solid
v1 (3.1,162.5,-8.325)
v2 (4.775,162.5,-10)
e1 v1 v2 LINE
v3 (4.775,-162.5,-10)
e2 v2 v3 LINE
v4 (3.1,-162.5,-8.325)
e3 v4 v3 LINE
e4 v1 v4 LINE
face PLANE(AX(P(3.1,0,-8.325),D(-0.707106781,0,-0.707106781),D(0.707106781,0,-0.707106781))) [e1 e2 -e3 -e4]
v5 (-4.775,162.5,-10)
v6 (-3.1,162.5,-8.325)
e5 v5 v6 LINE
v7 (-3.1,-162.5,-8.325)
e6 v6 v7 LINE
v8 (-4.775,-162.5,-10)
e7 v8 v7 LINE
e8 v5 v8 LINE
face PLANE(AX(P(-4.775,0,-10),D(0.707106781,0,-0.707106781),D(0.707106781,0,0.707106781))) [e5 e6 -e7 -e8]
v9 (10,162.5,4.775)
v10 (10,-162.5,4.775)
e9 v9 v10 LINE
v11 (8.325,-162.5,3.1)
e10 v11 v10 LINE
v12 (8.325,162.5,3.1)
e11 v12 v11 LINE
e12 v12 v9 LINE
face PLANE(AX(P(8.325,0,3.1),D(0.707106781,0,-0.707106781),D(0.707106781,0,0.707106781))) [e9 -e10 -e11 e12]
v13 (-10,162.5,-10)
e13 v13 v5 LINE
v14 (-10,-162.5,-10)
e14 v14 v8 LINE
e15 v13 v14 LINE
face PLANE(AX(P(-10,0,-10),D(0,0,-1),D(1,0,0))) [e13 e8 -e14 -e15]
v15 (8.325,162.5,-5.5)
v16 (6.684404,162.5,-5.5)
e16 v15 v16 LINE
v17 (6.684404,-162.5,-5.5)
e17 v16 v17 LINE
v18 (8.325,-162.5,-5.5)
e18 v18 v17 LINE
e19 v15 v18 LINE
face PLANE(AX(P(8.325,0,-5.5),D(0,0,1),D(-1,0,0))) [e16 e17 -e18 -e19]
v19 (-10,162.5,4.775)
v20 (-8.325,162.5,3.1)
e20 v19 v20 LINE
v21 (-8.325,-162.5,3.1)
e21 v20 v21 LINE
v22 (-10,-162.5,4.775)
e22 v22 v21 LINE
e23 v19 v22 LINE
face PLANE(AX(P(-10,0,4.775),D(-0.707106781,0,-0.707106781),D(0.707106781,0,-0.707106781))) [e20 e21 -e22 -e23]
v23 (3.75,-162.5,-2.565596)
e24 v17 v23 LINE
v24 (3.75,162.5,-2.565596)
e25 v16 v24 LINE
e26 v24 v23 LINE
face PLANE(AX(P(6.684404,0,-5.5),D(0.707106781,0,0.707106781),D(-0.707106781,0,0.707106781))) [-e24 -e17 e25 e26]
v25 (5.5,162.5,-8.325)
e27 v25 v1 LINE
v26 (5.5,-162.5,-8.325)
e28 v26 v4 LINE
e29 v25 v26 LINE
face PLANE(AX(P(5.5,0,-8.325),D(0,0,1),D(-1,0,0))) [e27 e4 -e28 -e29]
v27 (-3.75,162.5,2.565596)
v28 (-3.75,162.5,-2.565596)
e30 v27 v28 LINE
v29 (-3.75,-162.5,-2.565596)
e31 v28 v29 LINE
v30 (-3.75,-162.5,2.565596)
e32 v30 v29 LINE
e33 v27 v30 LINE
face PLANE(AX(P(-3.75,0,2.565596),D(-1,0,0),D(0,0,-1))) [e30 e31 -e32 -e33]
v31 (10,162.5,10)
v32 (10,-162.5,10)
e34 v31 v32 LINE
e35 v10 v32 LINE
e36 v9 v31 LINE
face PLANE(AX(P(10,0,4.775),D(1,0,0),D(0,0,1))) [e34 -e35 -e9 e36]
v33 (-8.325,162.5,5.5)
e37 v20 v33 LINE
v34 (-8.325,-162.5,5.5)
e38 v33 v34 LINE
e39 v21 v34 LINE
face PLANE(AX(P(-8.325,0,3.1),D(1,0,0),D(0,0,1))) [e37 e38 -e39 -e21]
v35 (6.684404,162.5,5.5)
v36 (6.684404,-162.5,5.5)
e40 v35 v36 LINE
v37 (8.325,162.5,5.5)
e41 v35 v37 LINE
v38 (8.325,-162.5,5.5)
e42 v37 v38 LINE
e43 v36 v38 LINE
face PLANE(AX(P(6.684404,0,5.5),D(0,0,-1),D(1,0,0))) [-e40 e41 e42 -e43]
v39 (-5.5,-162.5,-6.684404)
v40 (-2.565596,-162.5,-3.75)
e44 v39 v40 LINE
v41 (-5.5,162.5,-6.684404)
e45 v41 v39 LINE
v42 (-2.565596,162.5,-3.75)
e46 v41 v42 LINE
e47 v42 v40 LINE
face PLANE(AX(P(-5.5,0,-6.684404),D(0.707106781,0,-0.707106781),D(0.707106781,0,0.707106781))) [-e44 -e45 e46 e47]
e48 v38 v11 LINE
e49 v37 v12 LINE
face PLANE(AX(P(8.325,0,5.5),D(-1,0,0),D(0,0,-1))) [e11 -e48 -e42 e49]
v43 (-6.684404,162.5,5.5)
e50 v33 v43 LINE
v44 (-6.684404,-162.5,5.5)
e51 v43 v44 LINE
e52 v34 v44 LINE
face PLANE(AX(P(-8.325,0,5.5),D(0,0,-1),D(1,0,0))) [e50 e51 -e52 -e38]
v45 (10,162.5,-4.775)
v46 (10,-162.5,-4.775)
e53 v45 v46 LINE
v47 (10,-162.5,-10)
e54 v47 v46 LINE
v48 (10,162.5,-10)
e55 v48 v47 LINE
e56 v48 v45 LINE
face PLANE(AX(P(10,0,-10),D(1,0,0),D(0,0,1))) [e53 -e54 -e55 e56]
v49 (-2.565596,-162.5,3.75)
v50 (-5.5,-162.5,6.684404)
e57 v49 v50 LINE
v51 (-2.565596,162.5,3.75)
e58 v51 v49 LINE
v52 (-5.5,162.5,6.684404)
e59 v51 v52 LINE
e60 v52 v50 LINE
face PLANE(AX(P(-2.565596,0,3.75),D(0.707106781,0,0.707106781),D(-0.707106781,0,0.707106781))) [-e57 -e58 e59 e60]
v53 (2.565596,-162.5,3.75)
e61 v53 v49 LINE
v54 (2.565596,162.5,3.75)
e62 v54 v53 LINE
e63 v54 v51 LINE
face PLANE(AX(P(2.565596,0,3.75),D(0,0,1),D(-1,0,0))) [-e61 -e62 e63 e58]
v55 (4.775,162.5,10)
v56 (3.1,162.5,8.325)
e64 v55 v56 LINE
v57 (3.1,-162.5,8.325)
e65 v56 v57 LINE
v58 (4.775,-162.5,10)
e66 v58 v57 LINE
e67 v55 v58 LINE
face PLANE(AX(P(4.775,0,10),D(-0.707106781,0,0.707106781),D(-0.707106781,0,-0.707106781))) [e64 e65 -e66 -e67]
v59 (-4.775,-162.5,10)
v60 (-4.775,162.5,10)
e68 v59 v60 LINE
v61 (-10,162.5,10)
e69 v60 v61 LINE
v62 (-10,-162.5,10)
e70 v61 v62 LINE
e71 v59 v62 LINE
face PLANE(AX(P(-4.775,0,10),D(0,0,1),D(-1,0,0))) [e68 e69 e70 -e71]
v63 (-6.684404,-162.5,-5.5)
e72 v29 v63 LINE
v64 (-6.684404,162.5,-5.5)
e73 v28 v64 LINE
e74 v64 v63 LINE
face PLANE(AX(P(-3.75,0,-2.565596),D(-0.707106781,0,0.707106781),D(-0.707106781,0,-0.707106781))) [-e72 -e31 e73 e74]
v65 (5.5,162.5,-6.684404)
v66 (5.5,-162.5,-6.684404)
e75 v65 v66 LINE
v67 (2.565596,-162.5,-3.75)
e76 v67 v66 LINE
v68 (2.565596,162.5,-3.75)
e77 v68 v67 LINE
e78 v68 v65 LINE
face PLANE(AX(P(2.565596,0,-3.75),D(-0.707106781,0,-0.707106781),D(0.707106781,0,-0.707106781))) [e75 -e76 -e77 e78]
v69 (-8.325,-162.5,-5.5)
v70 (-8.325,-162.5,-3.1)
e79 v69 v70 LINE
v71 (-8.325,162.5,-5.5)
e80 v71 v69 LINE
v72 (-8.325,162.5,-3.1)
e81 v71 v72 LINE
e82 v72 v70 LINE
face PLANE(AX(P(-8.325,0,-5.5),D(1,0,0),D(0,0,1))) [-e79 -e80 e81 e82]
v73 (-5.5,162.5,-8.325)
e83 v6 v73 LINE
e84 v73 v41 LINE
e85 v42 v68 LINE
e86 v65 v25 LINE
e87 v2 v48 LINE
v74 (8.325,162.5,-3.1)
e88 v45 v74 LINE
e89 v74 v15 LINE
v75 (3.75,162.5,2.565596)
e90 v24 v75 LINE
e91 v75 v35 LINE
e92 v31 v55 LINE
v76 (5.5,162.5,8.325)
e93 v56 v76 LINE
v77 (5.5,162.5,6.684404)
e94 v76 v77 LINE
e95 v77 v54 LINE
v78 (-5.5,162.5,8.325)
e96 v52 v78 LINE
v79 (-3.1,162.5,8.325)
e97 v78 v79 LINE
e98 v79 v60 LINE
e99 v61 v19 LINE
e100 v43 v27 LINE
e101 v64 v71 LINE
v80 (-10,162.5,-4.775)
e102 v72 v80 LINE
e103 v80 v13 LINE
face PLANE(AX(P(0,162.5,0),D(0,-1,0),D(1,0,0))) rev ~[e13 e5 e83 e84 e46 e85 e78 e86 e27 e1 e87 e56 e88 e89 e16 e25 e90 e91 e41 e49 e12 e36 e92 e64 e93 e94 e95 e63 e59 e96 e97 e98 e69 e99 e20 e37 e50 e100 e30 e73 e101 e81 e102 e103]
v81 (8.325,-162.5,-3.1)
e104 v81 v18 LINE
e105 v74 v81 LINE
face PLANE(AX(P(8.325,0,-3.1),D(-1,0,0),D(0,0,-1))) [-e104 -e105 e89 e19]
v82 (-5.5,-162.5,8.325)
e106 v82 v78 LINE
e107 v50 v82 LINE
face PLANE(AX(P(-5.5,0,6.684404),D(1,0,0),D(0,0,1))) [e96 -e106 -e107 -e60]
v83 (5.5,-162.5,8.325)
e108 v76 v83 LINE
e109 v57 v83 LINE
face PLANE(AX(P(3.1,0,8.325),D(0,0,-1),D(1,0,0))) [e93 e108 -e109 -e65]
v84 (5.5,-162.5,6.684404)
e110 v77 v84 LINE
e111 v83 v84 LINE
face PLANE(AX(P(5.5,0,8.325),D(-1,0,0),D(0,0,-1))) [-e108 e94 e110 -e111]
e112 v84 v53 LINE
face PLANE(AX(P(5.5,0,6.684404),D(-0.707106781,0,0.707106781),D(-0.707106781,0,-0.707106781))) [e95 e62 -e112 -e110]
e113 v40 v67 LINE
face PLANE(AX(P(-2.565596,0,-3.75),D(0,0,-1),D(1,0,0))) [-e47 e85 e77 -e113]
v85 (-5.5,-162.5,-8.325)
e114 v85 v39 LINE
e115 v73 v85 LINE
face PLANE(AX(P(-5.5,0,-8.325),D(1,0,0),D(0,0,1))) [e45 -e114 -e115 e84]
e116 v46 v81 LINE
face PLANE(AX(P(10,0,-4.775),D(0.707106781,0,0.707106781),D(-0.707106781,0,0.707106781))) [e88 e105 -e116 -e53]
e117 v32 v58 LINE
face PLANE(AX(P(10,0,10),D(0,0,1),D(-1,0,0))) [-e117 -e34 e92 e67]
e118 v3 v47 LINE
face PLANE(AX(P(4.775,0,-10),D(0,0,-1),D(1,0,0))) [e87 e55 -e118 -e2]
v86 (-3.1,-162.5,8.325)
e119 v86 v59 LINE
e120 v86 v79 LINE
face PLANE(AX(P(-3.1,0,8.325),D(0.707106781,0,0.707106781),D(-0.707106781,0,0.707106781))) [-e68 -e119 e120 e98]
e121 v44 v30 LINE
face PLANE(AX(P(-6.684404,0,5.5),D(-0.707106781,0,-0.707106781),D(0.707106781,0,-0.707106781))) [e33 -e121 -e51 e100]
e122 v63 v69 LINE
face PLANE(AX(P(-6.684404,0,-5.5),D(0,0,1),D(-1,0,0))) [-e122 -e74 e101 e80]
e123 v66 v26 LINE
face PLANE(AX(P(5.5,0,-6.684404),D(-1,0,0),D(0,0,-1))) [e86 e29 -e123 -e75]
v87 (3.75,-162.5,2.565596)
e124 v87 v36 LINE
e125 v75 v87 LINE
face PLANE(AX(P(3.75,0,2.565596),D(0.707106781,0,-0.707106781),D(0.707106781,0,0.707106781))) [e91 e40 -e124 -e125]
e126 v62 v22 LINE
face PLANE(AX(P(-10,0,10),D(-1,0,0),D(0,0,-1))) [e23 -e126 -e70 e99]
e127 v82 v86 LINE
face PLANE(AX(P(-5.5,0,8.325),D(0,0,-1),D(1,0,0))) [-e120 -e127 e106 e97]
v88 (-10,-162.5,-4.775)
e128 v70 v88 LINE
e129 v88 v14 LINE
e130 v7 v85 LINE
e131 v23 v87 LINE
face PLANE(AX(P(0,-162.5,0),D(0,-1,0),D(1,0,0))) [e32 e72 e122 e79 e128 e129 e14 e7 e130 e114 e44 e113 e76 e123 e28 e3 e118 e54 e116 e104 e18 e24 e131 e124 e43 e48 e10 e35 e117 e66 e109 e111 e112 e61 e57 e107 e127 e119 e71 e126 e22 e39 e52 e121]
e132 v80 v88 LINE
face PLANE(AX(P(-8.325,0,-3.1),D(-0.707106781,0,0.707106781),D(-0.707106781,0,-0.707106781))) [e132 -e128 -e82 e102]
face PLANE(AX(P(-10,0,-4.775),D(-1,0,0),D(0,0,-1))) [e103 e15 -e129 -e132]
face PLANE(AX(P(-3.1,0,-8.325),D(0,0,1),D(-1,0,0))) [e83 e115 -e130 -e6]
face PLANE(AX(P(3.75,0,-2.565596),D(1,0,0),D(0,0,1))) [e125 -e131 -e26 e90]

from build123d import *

# Parameters (mm, degrees)
F1_DEPTH = 162.5


with BuildPart() as f1:
    # F0 (on Front) → F1 (new body, symmetric)
    with BuildSketch(Plane.XZ):
        Polygon((-4.775, 10), (-10, 10), (-10, 4.775), (-8.325, 3.1), (-8.325, 5.5), (-6.6844038585, 5.5), (-3.75, 2.5655961415), (-3.75, 0), (-3.75, -2.5655961415), (-6.6844038585, -5.5), (-8.325, -5.5), (-8.325, -3.1), (-10, -4.775), (-10, -10), (-4.775, -10), (-3.1, -8.325), (-5.5, -8.325), (-5.5, -6.6844038585), (-2.5655961415, -3.75), (0, -3.75), (2.5655961415, -3.75), (5.5, -6.6844038585), (5.5, -8.325), (3.1, -8.325), (4.775, -10), (10, -10), (10, -4.775), (8.325, -3.1), (8.325, -5.5), (6.6844038585, -5.5), (3.75, -2.5655961415), (3.75, 0), (3.75, 2.5655961415), (6.6844038585, 5.5), (8.325, 5.5), (8.325, 3.1), (10, 4.775), (10, 10), (4.775, 10), (3.1, 8.325), (5.5, 8.325), (5.5, 6.6844038585), (2.5655961415, 3.75), (0, 3.75), (-2.5655961415, 3.75), (-5.5, 6.6844038585), (-5.5, 8.325), (-3.1, 8.325), align=None)
    extrude(amount=F1_DEPTH, both=True)


solid = f1.part
